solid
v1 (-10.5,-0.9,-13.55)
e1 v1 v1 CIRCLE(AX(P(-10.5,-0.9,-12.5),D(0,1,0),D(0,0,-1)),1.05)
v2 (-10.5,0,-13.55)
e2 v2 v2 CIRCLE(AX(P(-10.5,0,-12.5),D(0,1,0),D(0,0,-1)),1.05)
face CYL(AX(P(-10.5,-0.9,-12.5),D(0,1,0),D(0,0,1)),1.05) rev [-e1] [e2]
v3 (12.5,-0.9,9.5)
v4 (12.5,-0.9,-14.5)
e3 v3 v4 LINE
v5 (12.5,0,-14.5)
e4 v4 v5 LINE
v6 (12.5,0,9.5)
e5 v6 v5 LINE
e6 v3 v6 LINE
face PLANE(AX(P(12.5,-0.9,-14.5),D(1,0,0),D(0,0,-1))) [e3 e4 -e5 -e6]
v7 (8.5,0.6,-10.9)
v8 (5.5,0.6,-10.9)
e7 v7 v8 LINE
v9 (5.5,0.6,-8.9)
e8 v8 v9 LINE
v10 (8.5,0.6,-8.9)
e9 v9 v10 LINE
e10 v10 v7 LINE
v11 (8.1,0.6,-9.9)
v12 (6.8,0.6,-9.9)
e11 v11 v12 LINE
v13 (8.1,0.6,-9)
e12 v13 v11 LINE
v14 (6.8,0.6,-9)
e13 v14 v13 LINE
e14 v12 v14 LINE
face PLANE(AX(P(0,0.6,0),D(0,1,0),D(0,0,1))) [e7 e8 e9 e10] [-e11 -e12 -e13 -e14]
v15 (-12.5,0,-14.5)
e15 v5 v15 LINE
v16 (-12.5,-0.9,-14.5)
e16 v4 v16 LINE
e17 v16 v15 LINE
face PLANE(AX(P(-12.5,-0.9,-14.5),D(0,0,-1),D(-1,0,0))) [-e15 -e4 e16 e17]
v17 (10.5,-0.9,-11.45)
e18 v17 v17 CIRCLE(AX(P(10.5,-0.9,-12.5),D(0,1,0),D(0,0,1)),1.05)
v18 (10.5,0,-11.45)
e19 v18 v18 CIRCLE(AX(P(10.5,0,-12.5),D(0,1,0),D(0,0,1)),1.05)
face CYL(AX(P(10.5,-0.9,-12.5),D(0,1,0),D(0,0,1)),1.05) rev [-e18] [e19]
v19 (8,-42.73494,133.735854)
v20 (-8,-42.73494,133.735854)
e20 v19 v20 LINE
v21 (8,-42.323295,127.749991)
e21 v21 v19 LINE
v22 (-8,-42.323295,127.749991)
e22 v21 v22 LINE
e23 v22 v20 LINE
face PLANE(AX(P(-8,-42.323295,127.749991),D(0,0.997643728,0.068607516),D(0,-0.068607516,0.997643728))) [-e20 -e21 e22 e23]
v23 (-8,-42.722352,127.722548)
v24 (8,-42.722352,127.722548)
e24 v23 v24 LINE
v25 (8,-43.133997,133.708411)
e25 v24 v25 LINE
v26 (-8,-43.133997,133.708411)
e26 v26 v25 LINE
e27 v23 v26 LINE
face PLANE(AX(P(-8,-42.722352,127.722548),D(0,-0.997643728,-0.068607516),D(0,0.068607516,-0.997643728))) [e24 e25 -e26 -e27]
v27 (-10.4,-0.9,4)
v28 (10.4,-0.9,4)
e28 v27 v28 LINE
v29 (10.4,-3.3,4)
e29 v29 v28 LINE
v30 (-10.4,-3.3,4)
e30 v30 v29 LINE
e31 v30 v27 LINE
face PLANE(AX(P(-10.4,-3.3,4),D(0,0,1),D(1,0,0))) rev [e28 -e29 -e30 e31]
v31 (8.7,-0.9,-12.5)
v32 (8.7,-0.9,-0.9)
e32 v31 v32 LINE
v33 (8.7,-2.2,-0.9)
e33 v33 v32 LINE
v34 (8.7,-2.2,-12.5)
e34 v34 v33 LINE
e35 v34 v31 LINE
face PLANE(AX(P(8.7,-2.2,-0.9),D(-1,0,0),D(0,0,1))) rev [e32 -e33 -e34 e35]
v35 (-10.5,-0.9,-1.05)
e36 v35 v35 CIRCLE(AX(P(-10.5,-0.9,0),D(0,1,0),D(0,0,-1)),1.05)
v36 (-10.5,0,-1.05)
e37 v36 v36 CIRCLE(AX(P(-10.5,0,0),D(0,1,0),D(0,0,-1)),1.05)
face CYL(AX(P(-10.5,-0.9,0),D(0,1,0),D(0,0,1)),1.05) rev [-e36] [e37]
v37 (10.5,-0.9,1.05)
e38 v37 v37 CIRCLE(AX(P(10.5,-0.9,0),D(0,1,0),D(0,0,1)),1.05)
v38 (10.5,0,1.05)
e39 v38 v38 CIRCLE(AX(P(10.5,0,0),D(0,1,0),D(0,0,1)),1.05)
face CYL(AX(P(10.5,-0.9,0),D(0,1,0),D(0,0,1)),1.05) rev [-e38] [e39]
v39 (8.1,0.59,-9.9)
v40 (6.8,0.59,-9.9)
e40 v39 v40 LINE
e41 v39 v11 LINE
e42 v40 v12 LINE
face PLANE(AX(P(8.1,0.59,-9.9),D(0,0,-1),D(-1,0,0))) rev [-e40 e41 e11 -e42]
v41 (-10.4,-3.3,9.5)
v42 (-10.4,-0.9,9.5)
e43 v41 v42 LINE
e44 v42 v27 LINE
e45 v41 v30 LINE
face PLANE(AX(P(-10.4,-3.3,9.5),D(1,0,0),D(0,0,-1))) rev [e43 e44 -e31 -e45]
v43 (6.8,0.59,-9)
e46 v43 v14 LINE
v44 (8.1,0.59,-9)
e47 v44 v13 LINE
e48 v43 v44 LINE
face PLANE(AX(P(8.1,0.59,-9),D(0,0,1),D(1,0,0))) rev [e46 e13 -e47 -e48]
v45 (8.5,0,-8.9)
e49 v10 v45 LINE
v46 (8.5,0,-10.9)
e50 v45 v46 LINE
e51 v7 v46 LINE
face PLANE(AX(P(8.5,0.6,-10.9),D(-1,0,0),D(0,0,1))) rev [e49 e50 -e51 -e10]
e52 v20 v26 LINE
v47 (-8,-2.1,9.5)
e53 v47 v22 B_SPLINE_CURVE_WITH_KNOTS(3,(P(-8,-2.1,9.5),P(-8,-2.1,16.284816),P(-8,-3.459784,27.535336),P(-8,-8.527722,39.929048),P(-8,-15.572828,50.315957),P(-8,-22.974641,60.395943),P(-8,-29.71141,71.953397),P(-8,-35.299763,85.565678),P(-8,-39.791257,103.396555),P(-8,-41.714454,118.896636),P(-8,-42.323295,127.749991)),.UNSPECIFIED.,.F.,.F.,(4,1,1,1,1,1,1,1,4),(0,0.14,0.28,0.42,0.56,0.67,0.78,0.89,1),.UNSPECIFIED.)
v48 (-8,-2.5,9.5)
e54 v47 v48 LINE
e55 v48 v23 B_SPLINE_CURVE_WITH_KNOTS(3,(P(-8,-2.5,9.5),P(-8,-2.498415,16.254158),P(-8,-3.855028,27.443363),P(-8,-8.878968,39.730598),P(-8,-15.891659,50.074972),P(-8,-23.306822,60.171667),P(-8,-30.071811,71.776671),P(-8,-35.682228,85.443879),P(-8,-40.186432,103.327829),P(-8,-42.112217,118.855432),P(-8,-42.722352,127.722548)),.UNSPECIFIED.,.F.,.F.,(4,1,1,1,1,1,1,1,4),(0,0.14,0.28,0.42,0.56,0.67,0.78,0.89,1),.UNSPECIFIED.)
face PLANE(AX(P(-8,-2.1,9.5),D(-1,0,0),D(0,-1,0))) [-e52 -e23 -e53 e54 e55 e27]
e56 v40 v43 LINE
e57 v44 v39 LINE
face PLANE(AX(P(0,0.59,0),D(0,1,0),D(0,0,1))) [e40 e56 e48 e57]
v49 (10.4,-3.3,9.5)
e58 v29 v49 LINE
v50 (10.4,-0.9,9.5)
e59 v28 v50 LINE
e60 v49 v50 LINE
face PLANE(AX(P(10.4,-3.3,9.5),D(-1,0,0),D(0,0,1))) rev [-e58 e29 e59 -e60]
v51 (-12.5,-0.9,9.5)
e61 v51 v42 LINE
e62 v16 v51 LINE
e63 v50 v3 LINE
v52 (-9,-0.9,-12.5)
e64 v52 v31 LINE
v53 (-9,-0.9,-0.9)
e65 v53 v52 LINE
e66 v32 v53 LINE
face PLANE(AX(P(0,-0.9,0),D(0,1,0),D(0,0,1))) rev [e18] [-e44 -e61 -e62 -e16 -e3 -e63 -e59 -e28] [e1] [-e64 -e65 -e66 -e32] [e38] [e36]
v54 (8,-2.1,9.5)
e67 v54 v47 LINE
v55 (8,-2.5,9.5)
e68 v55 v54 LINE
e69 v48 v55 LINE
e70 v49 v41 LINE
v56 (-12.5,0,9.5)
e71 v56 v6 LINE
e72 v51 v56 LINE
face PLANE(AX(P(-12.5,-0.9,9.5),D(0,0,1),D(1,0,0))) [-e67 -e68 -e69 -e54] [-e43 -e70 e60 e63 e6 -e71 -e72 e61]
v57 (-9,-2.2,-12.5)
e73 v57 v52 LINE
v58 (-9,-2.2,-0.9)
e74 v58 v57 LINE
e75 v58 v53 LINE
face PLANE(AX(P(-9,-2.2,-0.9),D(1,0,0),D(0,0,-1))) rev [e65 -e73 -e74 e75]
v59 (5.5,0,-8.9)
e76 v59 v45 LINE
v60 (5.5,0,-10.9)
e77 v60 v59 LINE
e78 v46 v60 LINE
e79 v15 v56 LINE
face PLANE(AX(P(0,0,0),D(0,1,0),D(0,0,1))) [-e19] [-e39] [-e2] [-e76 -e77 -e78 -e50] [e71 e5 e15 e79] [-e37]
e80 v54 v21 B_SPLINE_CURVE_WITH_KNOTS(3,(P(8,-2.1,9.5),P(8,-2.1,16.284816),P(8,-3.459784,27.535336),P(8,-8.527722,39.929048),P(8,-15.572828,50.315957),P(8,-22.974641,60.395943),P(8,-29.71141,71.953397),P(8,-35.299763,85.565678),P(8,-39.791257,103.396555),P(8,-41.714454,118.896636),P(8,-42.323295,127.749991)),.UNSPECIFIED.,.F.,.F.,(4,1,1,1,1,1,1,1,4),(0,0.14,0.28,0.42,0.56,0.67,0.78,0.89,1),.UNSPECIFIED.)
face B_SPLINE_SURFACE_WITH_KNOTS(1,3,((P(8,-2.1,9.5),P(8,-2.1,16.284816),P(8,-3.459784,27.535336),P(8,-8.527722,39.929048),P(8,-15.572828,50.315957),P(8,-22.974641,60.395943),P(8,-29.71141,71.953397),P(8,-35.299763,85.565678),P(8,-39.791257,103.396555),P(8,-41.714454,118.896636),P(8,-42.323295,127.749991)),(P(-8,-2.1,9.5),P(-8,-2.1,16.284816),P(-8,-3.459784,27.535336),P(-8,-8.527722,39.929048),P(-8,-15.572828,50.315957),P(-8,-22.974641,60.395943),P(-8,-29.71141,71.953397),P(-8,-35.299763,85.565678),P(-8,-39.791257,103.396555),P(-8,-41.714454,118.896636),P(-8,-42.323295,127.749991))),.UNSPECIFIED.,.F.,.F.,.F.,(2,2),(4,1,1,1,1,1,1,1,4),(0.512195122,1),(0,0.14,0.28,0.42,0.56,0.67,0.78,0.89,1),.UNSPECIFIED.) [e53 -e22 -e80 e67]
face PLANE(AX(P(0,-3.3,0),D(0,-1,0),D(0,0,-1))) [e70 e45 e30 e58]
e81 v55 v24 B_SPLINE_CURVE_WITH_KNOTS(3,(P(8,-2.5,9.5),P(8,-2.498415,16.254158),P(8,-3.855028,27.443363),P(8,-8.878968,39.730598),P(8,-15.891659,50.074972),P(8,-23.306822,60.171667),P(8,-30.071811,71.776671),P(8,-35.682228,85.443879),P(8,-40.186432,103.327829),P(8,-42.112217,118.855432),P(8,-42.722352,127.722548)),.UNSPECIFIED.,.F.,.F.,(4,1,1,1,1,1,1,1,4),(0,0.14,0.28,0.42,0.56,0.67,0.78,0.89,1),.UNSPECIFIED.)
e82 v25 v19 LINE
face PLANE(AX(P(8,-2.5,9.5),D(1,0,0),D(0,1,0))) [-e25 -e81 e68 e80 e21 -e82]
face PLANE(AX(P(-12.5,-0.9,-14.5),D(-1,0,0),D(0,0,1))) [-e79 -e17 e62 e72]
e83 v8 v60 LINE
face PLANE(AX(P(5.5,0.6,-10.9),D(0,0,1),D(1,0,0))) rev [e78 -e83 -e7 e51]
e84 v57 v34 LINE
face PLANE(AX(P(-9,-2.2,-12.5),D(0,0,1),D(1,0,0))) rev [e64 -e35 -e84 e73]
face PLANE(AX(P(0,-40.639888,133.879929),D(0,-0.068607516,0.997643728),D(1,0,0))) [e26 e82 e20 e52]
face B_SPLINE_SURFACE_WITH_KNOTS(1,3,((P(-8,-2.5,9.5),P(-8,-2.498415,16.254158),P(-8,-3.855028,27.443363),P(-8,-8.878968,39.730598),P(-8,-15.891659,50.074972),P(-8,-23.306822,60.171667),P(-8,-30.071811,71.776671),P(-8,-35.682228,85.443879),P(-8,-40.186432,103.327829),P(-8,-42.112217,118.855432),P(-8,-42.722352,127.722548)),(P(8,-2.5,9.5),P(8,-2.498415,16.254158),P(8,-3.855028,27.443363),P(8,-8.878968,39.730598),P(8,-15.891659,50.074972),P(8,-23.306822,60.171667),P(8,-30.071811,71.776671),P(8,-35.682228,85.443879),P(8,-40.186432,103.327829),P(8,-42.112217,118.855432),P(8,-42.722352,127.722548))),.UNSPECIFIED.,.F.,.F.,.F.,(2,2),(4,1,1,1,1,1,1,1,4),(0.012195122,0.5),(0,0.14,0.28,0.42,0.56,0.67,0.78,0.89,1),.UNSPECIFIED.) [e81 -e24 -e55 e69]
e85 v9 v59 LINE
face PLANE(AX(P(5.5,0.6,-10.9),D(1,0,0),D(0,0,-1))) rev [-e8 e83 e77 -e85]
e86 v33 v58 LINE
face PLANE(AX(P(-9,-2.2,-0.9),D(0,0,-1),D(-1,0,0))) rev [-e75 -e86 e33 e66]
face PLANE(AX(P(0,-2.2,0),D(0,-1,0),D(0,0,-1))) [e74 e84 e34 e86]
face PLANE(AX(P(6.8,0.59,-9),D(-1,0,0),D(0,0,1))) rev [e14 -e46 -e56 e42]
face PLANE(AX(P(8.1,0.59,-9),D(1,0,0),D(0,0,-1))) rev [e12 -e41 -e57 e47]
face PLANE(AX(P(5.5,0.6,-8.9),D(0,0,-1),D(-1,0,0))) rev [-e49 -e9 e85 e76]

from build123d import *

# Parameters (mm, degrees)
SKIZZE1_W                                 = 25
SKIZZE1_H                                 = 24
PCB_DEPTH                                 = 0.9
SKIZZE2_R                                 = 1.05
MOUNTING_HOLES_DEPTH                      = 20.165333287
SKIZZE3_W                                 = 20.8
SKIZZE3_H                                 = 5.5
CONNECTOR_CLOSED_DEPTH                    = 2.4
SKIZZE4_W                                 = 17.7
SKIZZE4_H                                 = 11.6
COMPONENTS_WORST_CASE_BOUNDARY_BOX_DEPTH  = 1.3
SKIZZE6_W                                 = 16
SKIZZE6_H                                 = 0.4
SKIZZE7_W                                 = 3
SKIZZE7_H                                 = 2
COMPONENTS_WORST_CASE_BOUNDARY_BOX2_DEPTH = 0.6
SKIZZE8_W                                 = 1.3
SKIZZE8_H                                 = 0.9
STATUS_LED_DEPTH                          = 0.01


with BuildPart() as part:
    # Skizze1 → PCB (new body)
    with BuildSketch(Plane(origin=(0, 0, 0), x_dir=(1, 0, 0), z_dir=(0, 1, 0))):
        with Locations((0, 2.5)):
            Rectangle(SKIZZE1_W, SKIZZE1_H)
    extrude(amount=-PCB_DEPTH)

    # Skizze2 → Mounting_Holes (cut, through all)
    with BuildSketch(Plane(origin=(0, 0, 0), x_dir=(1, 0, 0), z_dir=(0, 1, 0))):
        with Locations(Location((10.5, 12.5, 0), (0, 0, 270))):
            Circle(SKIZZE2_R)
        with Locations(Location((10.5, 0, 0), (0, 0, 270))):
            Circle(SKIZZE2_R)
        with Locations(Location((-10.5, 0, 0), (0, 0, 90))):
            Circle(SKIZZE2_R)
        with Locations(Location((-10.5, 12.5, 0), (0, 0, 90))):
            Circle(SKIZZE2_R)
    extrude(amount=-MOUNTING_HOLES_DEPTH, mode=Mode.SUBTRACT)

    # Skizze3 → Connector_closed (add)
    with BuildSketch(Plane.XZ.offset(0.9)):
        with Locations((0, 6.75)):
            Rectangle(SKIZZE3_W, SKIZZE3_H)
    extrude(amount=CONNECTOR_CLOSED_DEPTH)

    # Skizze4 → Components_worst-case_Boundary-Box (add)
    with BuildSketch(Plane.XZ.offset(0.9)):
        with Locations((-0.15, -6.7)):
            Rectangle(SKIZZE4_W, SKIZZE4_H)
    extrude(amount=COMPONENTS_WORST_CASE_BOUNDARY_BOX_DEPTH)

    # Cable_156mm_free_Length: sweep along a path in Skizze5
    with BuildLine() as cable_156mm_free_length_path:  # in the path sketch's own coordinates; laid on its plane below (add() does not lay a ready-made edge on the line's plane)
        Line((-133.7358537, -42.734939928), (-127.749991329, -42.323294834))
        add(Edge.make_bspline(
            [(-127.749991329, -42.323294834), (-47.264941103, -36.788373718), (-57.962969562, -2.1), (-9.5, -2.1)],
            knots=[0, 0, 0, 0, 1, 1, 1, 1], degree=3))
    # Skizze6 → Cable_156mm_free_Length (sweep)
    with BuildSketch(Plane.XY.offset(9.5)):
        with Locations((0, -2.3)):
            Rectangle(SKIZZE6_W, SKIZZE6_H)
    sweep(path=Plane(origin=(0, 0, 0), x_dir=(0, 0, -1), z_dir=(1, 0, 0)) * cable_156mm_free_length_path.line)

    # Skizze7 → Components_worst-case_Boundary-Box2 (add)
    with BuildSketch(Plane(origin=(0, 0, 0), x_dir=(1, 0, 0), z_dir=(0, 1, 0))):
        with Locations((7, 9.9)):
            Rectangle(SKIZZE7_W, SKIZZE7_H)
    extrude(amount=COMPONENTS_WORST_CASE_BOUNDARY_BOX2_DEPTH)

    # Skizze8 → Status_LED (cut)
    with BuildSketch(Plane(origin=(0, 0.6, 0), x_dir=(1, 0, 0), z_dir=(0, 1, 0))):
        with Locations((7.45, 9.45)):
            Rectangle(SKIZZE8_W, SKIZZE8_H)
    extrude(amount=-STATUS_LED_DEPTH, mode=Mode.SUBTRACT)


solid = part.part
